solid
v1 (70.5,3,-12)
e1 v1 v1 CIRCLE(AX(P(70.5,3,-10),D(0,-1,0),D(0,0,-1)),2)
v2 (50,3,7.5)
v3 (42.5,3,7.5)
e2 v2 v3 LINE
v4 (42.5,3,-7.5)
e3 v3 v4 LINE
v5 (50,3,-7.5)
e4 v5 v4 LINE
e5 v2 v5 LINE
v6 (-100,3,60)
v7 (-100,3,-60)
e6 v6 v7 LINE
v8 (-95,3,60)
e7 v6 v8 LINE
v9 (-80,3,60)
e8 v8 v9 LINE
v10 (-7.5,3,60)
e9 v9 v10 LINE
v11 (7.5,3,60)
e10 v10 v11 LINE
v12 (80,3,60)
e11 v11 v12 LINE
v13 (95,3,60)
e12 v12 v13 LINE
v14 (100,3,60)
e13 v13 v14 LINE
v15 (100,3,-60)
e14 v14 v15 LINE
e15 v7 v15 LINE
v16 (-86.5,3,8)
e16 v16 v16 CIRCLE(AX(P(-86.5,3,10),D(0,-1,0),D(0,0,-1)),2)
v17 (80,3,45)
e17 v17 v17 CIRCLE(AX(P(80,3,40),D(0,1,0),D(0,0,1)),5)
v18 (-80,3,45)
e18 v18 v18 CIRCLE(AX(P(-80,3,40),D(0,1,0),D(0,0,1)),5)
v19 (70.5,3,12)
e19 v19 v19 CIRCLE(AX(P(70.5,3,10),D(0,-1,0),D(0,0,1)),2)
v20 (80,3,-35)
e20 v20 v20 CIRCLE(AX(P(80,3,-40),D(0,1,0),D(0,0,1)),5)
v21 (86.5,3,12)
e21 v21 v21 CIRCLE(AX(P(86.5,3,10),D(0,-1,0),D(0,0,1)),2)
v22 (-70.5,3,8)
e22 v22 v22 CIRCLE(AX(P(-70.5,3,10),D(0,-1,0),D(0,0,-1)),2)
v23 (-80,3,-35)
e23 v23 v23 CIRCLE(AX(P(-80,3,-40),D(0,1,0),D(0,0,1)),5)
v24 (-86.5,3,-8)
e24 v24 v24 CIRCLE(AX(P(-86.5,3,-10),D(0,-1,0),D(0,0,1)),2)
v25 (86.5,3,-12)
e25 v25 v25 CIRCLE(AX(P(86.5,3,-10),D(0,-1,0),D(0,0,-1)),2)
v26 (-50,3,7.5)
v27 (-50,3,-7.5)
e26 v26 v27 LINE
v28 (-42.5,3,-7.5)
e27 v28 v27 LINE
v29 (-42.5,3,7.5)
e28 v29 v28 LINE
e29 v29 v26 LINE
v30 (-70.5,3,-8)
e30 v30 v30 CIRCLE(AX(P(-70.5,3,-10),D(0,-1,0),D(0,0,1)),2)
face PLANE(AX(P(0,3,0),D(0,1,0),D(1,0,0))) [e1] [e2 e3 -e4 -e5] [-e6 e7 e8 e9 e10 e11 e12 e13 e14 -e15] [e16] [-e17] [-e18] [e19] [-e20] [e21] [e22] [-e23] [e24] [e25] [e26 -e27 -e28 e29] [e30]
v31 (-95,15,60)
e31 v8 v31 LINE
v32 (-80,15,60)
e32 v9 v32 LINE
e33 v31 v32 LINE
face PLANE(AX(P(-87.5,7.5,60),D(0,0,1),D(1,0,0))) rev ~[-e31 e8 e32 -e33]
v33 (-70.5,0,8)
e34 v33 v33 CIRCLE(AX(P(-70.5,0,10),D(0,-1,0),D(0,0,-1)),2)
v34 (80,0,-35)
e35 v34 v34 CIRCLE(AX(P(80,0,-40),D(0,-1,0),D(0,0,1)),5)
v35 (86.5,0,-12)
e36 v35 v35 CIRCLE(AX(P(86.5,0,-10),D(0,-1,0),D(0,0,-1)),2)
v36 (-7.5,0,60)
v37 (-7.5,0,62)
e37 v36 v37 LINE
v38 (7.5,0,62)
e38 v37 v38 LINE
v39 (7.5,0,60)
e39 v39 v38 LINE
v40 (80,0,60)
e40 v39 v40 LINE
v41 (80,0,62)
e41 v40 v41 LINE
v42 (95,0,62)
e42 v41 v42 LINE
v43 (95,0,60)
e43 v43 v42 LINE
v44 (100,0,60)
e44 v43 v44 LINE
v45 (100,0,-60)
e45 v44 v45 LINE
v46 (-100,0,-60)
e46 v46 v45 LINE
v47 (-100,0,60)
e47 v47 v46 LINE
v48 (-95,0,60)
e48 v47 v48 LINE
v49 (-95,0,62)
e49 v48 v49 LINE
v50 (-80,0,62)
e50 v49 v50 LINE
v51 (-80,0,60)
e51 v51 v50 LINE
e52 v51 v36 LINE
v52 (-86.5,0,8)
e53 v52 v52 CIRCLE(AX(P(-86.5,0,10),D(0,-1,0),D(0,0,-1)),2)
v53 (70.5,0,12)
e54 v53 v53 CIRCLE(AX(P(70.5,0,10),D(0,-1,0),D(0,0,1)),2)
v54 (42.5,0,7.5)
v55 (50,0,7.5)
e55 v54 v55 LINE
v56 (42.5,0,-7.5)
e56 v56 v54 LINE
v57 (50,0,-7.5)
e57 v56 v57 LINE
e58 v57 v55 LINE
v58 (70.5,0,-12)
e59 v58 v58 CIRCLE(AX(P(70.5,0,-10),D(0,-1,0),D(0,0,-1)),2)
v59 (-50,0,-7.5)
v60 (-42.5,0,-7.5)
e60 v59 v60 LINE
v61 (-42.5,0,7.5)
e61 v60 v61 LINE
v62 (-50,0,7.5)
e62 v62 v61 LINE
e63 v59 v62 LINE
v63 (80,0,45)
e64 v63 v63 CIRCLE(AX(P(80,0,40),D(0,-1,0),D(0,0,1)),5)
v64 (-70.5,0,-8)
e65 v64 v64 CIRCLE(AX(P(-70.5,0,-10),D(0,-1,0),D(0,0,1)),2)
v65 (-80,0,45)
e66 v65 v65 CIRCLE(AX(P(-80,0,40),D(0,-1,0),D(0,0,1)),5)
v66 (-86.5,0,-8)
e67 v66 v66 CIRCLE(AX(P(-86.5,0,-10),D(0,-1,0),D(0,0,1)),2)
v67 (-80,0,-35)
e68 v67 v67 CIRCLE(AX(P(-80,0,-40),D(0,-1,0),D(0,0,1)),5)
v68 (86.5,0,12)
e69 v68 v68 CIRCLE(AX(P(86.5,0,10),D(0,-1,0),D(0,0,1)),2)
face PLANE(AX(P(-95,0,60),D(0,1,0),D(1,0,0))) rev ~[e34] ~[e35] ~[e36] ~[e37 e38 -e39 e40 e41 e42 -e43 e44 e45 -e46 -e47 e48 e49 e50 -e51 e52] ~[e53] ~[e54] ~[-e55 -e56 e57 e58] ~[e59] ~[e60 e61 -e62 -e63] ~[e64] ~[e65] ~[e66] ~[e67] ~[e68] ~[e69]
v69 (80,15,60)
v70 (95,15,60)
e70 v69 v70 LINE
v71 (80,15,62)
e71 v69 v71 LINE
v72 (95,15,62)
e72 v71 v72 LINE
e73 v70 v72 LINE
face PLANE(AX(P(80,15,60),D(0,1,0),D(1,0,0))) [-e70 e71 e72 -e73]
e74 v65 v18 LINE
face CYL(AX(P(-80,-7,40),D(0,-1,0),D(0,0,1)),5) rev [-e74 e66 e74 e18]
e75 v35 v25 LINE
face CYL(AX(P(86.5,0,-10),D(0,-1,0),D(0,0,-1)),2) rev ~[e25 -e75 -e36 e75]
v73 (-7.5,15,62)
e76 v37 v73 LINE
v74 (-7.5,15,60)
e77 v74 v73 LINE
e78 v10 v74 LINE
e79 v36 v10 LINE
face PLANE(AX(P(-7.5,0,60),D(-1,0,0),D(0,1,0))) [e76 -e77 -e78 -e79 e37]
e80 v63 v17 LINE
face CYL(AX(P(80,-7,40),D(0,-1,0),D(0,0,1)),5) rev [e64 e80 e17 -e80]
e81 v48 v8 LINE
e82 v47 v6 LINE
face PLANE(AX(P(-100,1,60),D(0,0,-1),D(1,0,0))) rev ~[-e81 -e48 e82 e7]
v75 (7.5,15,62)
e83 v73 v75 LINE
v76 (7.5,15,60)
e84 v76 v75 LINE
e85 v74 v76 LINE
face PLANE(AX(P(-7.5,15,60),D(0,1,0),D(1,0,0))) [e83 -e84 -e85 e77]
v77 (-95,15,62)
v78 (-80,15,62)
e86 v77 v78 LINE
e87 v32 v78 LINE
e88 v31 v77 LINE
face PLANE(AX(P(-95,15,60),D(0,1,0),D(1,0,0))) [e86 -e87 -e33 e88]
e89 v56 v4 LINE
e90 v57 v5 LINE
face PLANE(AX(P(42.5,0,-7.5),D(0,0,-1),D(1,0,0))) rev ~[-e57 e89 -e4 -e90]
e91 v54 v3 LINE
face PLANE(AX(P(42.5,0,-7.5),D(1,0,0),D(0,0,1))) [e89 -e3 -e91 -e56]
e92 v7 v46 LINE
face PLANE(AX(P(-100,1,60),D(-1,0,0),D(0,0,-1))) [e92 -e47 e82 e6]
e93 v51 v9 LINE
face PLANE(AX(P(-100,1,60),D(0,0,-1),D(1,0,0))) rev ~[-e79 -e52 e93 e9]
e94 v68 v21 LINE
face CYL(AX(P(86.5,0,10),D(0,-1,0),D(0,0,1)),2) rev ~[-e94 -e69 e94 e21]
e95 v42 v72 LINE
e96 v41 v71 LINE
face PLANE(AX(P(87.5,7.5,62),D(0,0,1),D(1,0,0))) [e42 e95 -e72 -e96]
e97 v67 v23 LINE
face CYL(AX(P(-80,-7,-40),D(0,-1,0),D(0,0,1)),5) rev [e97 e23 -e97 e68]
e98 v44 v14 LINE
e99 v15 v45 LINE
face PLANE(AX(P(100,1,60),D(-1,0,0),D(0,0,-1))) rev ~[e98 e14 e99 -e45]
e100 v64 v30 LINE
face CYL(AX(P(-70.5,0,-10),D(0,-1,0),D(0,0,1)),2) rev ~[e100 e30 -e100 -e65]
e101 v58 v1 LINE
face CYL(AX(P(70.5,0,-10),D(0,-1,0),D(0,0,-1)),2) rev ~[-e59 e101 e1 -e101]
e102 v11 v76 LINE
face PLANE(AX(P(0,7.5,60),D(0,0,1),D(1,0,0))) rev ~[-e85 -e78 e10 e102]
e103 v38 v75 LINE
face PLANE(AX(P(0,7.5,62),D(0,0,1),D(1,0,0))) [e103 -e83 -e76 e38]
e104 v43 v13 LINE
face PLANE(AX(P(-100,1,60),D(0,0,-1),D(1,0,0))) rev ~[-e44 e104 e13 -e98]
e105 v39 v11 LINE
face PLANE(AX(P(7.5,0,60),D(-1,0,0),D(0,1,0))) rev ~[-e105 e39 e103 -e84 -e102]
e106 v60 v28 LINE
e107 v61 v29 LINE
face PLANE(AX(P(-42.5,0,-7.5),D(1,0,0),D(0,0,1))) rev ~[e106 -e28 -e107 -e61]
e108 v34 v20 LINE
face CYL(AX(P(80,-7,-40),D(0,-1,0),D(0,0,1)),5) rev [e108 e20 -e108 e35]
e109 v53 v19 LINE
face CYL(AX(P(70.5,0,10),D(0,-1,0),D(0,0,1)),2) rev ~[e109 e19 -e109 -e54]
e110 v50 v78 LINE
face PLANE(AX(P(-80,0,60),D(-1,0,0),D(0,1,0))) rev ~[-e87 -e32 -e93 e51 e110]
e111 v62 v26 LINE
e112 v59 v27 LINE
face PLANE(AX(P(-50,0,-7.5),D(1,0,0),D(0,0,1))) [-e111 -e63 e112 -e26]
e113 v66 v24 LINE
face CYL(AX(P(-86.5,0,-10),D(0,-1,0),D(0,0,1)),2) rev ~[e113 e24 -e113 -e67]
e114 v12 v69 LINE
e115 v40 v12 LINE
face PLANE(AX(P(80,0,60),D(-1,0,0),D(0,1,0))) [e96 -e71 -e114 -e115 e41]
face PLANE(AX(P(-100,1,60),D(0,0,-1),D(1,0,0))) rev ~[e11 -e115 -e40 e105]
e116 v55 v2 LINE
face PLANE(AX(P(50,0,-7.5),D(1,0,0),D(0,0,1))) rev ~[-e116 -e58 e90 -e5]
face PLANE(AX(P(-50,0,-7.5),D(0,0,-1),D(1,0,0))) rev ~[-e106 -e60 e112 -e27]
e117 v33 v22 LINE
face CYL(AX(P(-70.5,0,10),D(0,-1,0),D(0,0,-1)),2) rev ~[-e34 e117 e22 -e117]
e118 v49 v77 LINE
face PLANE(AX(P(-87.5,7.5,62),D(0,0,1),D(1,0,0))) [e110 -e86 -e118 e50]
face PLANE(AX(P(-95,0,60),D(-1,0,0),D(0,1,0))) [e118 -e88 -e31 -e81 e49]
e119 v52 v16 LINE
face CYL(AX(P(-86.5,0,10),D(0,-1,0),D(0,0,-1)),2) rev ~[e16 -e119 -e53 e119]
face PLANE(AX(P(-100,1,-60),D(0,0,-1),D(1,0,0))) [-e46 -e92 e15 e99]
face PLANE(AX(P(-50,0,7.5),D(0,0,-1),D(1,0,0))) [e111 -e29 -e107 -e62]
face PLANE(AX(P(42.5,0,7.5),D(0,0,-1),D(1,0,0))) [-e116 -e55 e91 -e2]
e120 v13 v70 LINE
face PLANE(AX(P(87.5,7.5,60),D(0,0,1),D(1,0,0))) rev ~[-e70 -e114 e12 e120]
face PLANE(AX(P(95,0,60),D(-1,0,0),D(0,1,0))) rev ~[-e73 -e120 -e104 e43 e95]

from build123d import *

# Parameters (mm, degrees)
SKETCH1_W           = 200
SKETCH1_H           = 120
BOSS_EXTRUDE3_DEPTH = 1
SKETCH3_W           = 200
SKETCH3_H           = 120
SKETCH3_R           = 5
BOSS_EXTRUDE4_DEPTH = 2
SKETCH10_W          = 15
SKETCH10_H          = 15
BOSS_EXTRUDE6_DEPTH = 2
SKETCH12_R          = 2
SKETCH12_W          = 7.5
SKETCH12_H          = 15
CUT_EXTRUDE1_DEPTH  = 119.612815496
CUT_EXTRUDE2_START  = -10
SKETCH8_R           = 5
CUT_EXTRUDE2_DEPTH  = 10


with BuildPart() as part:
    # Sketch1 → Boss-Extrude3 (new body)
    with BuildSketch(Plane(origin=(0, 0, 0), x_dir=(1, 0, 0), z_dir=(0, 1, 0))):
        Rectangle(SKETCH1_W, SKETCH1_H)
    extrude(amount=BOSS_EXTRUDE3_DEPTH)

    # Sketch3 → Boss-Extrude4 (add)
    # profile 1 of 4: a face of its own
    with BuildSketch(Plane(origin=(0, 1, 0), x_dir=(1, 0, 0), z_dir=(0, 1, 0))):
        Rectangle(SKETCH3_W, SKETCH3_H)
        with Locations(Location((-80, -40, 0), (0, 0, 270))):
            Circle(SKETCH3_R, mode=Mode.SUBTRACT)
        with Locations(Location((80, -40, 0), (0, 0, 270))):
            Circle(SKETCH3_R, mode=Mode.SUBTRACT)
        with Locations(Location((-80, 40, 0), (0, 0, 270))):
            Circle(SKETCH3_R, mode=Mode.SUBTRACT)
        with Locations(Location((80, 40, 0), (0, 0, 270))):
            Circle(SKETCH3_R, mode=Mode.SUBTRACT)
    # profile 2 of 4: a face of its own
    with BuildSketch(Plane(origin=(0, 1, 0), x_dir=(1, 0, 0), z_dir=(0, 1, 0))):
        Rectangle(SKETCH3_W, SKETCH3_H)
        with Locations(Location((-80, -40, 0), (0, 0, 270))):
            Circle(SKETCH3_R, mode=Mode.SUBTRACT)
        with Locations(Location((80, -40, 0), (0, 0, 270))):
            Circle(SKETCH3_R, mode=Mode.SUBTRACT)
        with Locations(Location((-80, 40, 0), (0, 0, 270))):
            Circle(SKETCH3_R, mode=Mode.SUBTRACT)
        with Locations(Location((80, 40, 0), (0, 0, 270))):
            Circle(SKETCH3_R, mode=Mode.SUBTRACT)
    # profile 3 of 4: a face of its own
    with BuildSketch(Plane(origin=(0, 1, 0), x_dir=(1, 0, 0), z_dir=(0, 1, 0))):
        Rectangle(SKETCH3_W, SKETCH3_H)
        with Locations(Location((-80, -40, 0), (0, 0, 270))):
            Circle(SKETCH3_R, mode=Mode.SUBTRACT)
        with Locations(Location((80, -40, 0), (0, 0, 270))):
            Circle(SKETCH3_R, mode=Mode.SUBTRACT)
        with Locations(Location((-80, 40, 0), (0, 0, 270))):
            Circle(SKETCH3_R, mode=Mode.SUBTRACT)
        with Locations(Location((80, 40, 0), (0, 0, 270))):
            Circle(SKETCH3_R, mode=Mode.SUBTRACT)
    # profile 4 of 4: a face of its own
    with BuildSketch(Plane(origin=(0, 1, 0), x_dir=(1, 0, 0), z_dir=(0, 1, 0))):
        Rectangle(SKETCH3_W, SKETCH3_H)
        with Locations(Location((-80, -40, 0), (0, 0, 270))):
            Circle(SKETCH3_R, mode=Mode.SUBTRACT)
        with Locations(Location((80, -40, 0), (0, 0, 270))):
            Circle(SKETCH3_R, mode=Mode.SUBTRACT)
        with Locations(Location((-80, 40, 0), (0, 0, 270))):
            Circle(SKETCH3_R, mode=Mode.SUBTRACT)
        with Locations(Location((80, 40, 0), (0, 0, 270))):
            Circle(SKETCH3_R, mode=Mode.SUBTRACT)
    extrude(amount=BOSS_EXTRUDE4_DEPTH)

    # Sketch10 → Boss-Extrude6 (add)
    with BuildSketch(Plane.XY.offset(60)):
        with Locations((-87.5, 7.5)):
            Rectangle(SKETCH10_W, SKETCH10_H)
        with Locations((87.5, 7.5)):
            Rectangle(SKETCH10_W, SKETCH10_H)
        with Locations((0, 7.5)):
            Rectangle(SKETCH10_W, SKETCH10_H)
    extrude(amount=BOSS_EXTRUDE6_DEPTH)

    # Sketch12 → Cut-Extrude1 (cut, through all)
    with BuildSketch(Plane.XZ):
        with Locations(Location((-86.5, 10, 0), (0, 0, 270))):
            Circle(SKETCH12_R)
        with Locations(Location((-70.5, 10, 0), (0, 0, 270))):
            Circle(SKETCH12_R)
        with Locations(Location((-70.5, -10, 0), (0, 0, 90))):
            Circle(SKETCH12_R)
        with Locations(Location((-86.5, -10, 0), (0, 0, 90))):
            Circle(SKETCH12_R)
        with Locations(Location((86.5, -10, 0), (0, 0, 270))):
            Circle(SKETCH12_R)
        with Locations(Location((70.5, -10, 0), (0, 0, 270))):
            Circle(SKETCH12_R)
        with Locations(Location((70.5, 10, 0), (0, 0, 90))):
            Circle(SKETCH12_R)
        with Locations(Location((86.5, 10, 0), (0, 0, 90))):
            Circle(SKETCH12_R)
        with Locations((46.25, 0)):
            Rectangle(SKETCH12_W, SKETCH12_H)
        with Locations((-46.25, 0)):
            Rectangle(SKETCH12_W, SKETCH12_H)
    extrude(amount=-CUT_EXTRUDE1_DEPTH, mode=Mode.SUBTRACT)

    # Sketch8 → Cut-Extrude2 (cut)
    with BuildSketch(Plane(origin=(0, 3, 0), x_dir=(1, 0, 0), z_dir=(0, 1, 0)).offset(CUT_EXTRUDE2_START)):
        with Locations(Location((-80, 40, 0), (0, 0, 270))):
            Circle(SKETCH8_R)
        with Locations(Location((80, 40, 0), (0, 0, 270))):
            Circle(SKETCH8_R)
        with Locations(Location((80, -40, 0), (0, 0, 270))):
            Circle(SKETCH8_R)
        with Locations(Location((-80, -40, 0), (0, 0, 270))):
            Circle(SKETCH8_R)
    extrude(amount=CUT_EXTRUDE2_DEPTH, mode=Mode.SUBTRACT)


solid = part.part
